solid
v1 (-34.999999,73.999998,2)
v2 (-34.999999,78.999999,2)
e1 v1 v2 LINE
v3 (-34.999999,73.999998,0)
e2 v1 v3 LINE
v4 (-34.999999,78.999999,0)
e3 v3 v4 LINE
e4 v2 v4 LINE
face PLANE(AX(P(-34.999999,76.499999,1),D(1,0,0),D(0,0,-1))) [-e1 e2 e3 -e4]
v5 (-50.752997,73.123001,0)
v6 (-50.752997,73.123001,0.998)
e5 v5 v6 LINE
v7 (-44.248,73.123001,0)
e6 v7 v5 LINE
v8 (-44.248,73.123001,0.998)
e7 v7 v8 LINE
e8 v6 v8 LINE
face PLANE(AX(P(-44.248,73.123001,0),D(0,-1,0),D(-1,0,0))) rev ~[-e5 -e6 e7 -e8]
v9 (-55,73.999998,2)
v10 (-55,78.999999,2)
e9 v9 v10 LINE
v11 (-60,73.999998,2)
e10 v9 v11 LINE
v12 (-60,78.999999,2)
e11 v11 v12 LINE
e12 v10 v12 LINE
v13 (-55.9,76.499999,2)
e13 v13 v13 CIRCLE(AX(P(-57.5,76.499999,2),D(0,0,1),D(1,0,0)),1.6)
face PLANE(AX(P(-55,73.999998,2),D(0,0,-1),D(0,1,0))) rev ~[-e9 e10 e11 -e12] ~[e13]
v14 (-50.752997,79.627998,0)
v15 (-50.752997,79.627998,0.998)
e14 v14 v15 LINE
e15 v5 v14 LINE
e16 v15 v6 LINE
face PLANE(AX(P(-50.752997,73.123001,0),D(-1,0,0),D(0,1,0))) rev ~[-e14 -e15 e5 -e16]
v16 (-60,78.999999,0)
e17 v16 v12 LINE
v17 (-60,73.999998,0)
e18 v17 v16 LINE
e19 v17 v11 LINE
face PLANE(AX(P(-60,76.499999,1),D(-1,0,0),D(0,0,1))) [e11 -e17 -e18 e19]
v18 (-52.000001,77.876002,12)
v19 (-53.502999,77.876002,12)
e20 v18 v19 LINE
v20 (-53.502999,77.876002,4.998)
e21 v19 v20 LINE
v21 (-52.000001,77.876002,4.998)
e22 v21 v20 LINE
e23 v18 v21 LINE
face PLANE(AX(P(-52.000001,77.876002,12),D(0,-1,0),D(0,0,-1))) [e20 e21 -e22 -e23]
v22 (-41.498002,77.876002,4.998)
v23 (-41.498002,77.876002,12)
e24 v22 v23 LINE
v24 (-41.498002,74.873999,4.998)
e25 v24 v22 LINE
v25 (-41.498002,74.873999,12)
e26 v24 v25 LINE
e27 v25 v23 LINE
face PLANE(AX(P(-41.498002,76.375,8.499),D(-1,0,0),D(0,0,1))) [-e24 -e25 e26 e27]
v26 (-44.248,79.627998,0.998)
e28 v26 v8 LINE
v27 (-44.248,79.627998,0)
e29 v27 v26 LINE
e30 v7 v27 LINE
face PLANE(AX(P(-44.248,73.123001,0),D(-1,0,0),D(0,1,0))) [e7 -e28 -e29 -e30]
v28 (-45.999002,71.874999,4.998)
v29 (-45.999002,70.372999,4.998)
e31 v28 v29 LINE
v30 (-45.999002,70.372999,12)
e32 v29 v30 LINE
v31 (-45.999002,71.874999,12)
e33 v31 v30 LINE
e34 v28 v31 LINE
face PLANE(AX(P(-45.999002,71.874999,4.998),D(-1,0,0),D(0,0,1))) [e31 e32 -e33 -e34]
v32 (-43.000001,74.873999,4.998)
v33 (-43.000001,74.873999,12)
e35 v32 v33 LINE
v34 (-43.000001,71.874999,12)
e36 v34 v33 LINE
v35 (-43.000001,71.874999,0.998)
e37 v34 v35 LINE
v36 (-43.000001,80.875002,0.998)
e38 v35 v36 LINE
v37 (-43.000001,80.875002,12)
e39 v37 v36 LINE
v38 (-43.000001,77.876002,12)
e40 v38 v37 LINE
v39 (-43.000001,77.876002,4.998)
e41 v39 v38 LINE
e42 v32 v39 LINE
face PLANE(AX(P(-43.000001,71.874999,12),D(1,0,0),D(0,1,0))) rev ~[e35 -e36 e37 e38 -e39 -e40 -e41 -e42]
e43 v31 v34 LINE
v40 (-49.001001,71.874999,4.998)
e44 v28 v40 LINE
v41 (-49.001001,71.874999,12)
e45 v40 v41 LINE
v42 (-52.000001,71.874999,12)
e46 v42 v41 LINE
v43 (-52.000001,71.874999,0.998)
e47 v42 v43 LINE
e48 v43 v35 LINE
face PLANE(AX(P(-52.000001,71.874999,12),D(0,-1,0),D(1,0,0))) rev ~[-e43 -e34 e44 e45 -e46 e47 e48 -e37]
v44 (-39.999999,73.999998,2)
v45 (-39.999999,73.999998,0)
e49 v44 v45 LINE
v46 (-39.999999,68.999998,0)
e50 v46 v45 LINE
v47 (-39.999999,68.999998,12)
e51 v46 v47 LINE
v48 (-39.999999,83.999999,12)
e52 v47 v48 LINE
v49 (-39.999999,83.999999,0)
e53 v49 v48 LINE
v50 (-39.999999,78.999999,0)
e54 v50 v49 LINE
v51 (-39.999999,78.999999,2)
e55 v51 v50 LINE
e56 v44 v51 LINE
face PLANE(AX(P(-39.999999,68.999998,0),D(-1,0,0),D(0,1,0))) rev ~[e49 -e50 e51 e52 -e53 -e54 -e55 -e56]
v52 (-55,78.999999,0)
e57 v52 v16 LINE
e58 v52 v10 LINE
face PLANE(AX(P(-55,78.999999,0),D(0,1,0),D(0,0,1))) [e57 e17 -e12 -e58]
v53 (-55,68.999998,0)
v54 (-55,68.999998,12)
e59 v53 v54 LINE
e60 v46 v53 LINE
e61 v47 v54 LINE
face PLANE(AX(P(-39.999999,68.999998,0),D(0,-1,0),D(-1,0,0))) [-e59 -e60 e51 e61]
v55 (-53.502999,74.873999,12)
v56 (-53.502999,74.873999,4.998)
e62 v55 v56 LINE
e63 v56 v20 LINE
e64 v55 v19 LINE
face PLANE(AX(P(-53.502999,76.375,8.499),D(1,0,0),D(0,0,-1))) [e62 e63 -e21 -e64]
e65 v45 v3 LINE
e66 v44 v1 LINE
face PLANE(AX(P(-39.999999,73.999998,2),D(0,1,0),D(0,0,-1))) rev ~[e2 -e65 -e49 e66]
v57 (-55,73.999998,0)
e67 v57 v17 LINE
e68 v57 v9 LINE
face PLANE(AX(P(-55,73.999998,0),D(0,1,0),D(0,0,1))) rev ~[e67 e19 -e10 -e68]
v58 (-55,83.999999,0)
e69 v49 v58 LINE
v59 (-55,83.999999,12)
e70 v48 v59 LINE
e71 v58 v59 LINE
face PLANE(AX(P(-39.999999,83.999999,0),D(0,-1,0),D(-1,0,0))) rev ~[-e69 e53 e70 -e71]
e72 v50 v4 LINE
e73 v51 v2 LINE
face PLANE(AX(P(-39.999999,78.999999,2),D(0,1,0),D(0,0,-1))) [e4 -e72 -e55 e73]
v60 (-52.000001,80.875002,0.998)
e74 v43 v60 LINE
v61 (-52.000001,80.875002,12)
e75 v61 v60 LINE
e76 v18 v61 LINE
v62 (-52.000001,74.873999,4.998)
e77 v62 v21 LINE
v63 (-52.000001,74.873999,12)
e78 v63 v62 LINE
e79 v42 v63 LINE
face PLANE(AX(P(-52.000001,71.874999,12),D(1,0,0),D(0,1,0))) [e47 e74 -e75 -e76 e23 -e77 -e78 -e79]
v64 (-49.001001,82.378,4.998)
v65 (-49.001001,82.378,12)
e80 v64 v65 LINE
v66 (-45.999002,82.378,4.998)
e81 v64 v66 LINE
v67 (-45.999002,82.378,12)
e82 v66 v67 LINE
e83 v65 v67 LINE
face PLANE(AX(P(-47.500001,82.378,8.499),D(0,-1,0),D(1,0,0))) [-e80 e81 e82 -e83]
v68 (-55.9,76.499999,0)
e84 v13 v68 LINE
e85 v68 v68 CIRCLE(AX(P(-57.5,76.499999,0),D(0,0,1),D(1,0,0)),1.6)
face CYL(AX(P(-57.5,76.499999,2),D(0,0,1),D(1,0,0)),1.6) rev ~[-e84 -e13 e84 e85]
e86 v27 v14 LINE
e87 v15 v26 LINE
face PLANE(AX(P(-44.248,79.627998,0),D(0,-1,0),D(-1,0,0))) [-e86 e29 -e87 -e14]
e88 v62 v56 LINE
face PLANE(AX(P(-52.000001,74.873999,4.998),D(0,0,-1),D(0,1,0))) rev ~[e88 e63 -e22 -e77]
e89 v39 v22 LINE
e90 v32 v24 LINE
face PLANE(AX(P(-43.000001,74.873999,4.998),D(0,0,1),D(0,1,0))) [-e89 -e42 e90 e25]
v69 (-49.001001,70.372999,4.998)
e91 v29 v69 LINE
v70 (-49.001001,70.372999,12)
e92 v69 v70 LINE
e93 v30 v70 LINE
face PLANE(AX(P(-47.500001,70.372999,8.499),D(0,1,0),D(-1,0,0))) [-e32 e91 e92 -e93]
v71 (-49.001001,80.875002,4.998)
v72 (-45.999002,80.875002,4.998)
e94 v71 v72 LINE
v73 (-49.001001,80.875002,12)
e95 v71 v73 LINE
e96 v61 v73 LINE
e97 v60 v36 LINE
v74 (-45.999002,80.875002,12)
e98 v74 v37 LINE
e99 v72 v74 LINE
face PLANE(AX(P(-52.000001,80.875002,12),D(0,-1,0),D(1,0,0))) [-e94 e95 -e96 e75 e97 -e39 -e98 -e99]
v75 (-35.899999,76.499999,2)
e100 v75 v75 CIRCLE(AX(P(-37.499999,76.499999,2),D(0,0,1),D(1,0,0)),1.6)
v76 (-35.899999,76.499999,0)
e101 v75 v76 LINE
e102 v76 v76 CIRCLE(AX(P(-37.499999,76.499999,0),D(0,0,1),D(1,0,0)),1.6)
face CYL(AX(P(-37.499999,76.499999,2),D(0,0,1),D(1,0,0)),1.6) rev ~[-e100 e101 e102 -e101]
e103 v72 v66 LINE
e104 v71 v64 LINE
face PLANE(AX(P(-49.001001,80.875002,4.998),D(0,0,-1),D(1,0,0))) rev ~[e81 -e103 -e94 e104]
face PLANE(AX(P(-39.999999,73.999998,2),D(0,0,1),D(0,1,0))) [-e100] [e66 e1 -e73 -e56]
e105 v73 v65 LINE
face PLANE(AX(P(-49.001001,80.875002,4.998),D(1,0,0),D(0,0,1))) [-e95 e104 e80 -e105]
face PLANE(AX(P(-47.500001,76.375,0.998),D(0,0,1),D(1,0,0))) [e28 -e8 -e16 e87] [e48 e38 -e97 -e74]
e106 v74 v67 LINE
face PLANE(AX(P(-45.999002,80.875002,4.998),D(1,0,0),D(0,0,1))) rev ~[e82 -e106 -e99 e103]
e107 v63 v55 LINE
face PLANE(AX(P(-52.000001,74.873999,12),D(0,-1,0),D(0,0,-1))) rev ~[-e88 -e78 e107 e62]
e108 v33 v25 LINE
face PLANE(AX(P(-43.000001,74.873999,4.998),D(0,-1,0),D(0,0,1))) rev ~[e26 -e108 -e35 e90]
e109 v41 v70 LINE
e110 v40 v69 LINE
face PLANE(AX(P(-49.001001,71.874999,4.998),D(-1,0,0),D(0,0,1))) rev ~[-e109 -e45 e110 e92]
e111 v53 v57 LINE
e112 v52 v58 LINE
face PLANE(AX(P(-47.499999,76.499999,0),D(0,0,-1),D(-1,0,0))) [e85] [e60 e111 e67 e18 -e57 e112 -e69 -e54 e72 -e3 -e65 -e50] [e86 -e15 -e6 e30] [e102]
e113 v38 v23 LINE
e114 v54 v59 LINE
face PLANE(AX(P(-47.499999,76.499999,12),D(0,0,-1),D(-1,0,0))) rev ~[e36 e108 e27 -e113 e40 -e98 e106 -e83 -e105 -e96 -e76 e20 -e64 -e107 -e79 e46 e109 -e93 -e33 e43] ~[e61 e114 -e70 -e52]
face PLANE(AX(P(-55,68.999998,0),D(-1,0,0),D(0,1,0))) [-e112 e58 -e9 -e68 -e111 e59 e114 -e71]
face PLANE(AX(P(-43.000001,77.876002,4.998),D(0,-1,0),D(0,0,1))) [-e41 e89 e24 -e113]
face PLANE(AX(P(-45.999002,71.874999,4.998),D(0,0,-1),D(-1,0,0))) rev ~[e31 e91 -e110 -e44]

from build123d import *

# Parameters (mm, degrees)
SKETCH1_W           = 15.000000596
SKETCH1_H           = 15.000000597
BOSS_EXTRUDE1_DEPTH = 12.000000104
SKETCH2_W           = 8.999999613
SKETCH2_H           = 9.000003338
CUT_EXTRUDE1_DEPTH  = 11.002000072
SKETCH3_W           = 6.504997611
SKETCH3_H           = 6.504997611
CUT_EXTRUDE2_DEPTH  = 102.11874099
SKETCH4_W           = 3.00199911
SKETCH4_H           = 7.001999765
CUT_EXTRUDE3_DEPTH  = 1.501999795
SKETCH5_W           = 7.001999765
SKETCH5_H           = 3.002002835
CUT_EXTRUDE4_DEPTH  = 1.501999795
SKETCH6_W           = 7.001999765
SKETCH6_H           = 3.002002835
CUT_EXTRUDE5_DEPTH  = 1.502998173
SKETCH7_W           = 3.00199911
SKETCH7_H           = 7.001999765
CUT_EXTRUDE6_DEPTH  = 1.502998173
SKETCH9_W           = 2
SKETCH9_H           = 5.000000597
BOSS_EXTRUDE2_DEPTH = 5
SKETCH10_W          = 2
SKETCH10_H          = 5.000000597
BOSS_EXTRUDE3_DEPTH = 5
SKETCH11_R          = 1.6
CUT_EXTRUDE7_DEPTH  = 5


with BuildPart() as part:
    # Sketch1 → Boss-Extrude1 (new body)
    with BuildSketch(Plane(origin=(0, 0, 0), x_dir=(-1, 0, 0), z_dir=(0, 0, -1))):
        with Locations((47.499999404, 76.49999857)):
            Rectangle(SKETCH1_W, SKETCH1_H)
    extrude(amount=-BOSS_EXTRUDE1_DEPTH)

    # Sketch2 → Cut-Extrude1 (cut)
    with BuildSketch(Plane.XY.offset(12.000000104)):
        with Locations((-47.500001266, 76.375000179)):
            Rectangle(SKETCH2_W, SKETCH2_H)
    extrude(amount=-CUT_EXTRUDE1_DEPTH, mode=Mode.SUBTRACT)

    # Sketch3 → Cut-Extrude2 (cut, through all)
    with BuildSketch(Plane(origin=(0, 0, 0), x_dir=(-1, 0, 0), z_dir=(0, 0, -1))):
        with Locations((47.500498593, 76.375499367)):
            Rectangle(SKETCH3_W, SKETCH3_H)
    extrude(amount=-CUT_EXTRUDE2_DEPTH, mode=Mode.SUBTRACT)

    # Sketch4 → Cut-Extrude3 (cut)
    with BuildSketch(Plane(origin=(0, 71.87499851, 0), x_dir=(-1, 0, 0), z_dir=(0, 1, 0))):
        with Locations((47.500001267, 8.499000222)):
            Rectangle(SKETCH4_W, SKETCH4_H)
    extrude(amount=-CUT_EXTRUDE3_DEPTH, mode=Mode.SUBTRACT)

    # Sketch5 → Cut-Extrude4 (cut)
    with BuildSketch(Plane.ZY.offset(43.00000146)):
        with Locations((8.499000222, 76.375000179)):
            Rectangle(SKETCH5_W, SKETCH5_H)
    extrude(amount=-CUT_EXTRUDE4_DEPTH, mode=Mode.SUBTRACT)

    # Sketch6 → Cut-Extrude5 (cut)
    with BuildSketch(Plane(origin=(-52.000001073, 0, 0), x_dir=(0, 0, -1), z_dir=(1, 0, 0))):
        with Locations((-8.499000222, 76.375000179)):
            Rectangle(SKETCH6_W, SKETCH6_H)
    extrude(amount=-CUT_EXTRUDE5_DEPTH, mode=Mode.SUBTRACT)

    # Sketch7 → Cut-Extrude6 (cut)
    with BuildSketch(Plane.XZ.offset(-80.875001848)):
        with Locations((-47.500001267, 8.499000222)):
            Rectangle(SKETCH7_W, SKETCH7_H)
    extrude(amount=-CUT_EXTRUDE6_DEPTH, mode=Mode.SUBTRACT)

    # Sketch9 → Boss-Extrude2 (add)
    with BuildSketch(Plane.ZY.offset(54.999999702)):
        with Locations((1, 76.49999857)):
            Rectangle(SKETCH9_W, SKETCH9_H)
    extrude(amount=BOSS_EXTRUDE2_DEPTH)

    # Sketch10 → Boss-Extrude3 (add)
    with BuildSketch(Plane(origin=(-39.999999106, 0, 0), x_dir=(0, 0, -1), z_dir=(1, 0, 0))):
        with Locations((-1, 76.49999857)):
            Rectangle(SKETCH10_W, SKETCH10_H)
    extrude(amount=BOSS_EXTRUDE3_DEPTH)

    # Sketch11 → Cut-Extrude7 (cut)
    with BuildSketch(Plane.XY.offset(2)):
        with Locations((-37.499999106, 76.499998569)):
            Circle(SKETCH11_R)
        with Locations((-57.499999702, 76.499998569)):
            Circle(SKETCH11_R)
    extrude(amount=-CUT_EXTRUDE7_DEPTH, mode=Mode.SUBTRACT)


solid = part.part
